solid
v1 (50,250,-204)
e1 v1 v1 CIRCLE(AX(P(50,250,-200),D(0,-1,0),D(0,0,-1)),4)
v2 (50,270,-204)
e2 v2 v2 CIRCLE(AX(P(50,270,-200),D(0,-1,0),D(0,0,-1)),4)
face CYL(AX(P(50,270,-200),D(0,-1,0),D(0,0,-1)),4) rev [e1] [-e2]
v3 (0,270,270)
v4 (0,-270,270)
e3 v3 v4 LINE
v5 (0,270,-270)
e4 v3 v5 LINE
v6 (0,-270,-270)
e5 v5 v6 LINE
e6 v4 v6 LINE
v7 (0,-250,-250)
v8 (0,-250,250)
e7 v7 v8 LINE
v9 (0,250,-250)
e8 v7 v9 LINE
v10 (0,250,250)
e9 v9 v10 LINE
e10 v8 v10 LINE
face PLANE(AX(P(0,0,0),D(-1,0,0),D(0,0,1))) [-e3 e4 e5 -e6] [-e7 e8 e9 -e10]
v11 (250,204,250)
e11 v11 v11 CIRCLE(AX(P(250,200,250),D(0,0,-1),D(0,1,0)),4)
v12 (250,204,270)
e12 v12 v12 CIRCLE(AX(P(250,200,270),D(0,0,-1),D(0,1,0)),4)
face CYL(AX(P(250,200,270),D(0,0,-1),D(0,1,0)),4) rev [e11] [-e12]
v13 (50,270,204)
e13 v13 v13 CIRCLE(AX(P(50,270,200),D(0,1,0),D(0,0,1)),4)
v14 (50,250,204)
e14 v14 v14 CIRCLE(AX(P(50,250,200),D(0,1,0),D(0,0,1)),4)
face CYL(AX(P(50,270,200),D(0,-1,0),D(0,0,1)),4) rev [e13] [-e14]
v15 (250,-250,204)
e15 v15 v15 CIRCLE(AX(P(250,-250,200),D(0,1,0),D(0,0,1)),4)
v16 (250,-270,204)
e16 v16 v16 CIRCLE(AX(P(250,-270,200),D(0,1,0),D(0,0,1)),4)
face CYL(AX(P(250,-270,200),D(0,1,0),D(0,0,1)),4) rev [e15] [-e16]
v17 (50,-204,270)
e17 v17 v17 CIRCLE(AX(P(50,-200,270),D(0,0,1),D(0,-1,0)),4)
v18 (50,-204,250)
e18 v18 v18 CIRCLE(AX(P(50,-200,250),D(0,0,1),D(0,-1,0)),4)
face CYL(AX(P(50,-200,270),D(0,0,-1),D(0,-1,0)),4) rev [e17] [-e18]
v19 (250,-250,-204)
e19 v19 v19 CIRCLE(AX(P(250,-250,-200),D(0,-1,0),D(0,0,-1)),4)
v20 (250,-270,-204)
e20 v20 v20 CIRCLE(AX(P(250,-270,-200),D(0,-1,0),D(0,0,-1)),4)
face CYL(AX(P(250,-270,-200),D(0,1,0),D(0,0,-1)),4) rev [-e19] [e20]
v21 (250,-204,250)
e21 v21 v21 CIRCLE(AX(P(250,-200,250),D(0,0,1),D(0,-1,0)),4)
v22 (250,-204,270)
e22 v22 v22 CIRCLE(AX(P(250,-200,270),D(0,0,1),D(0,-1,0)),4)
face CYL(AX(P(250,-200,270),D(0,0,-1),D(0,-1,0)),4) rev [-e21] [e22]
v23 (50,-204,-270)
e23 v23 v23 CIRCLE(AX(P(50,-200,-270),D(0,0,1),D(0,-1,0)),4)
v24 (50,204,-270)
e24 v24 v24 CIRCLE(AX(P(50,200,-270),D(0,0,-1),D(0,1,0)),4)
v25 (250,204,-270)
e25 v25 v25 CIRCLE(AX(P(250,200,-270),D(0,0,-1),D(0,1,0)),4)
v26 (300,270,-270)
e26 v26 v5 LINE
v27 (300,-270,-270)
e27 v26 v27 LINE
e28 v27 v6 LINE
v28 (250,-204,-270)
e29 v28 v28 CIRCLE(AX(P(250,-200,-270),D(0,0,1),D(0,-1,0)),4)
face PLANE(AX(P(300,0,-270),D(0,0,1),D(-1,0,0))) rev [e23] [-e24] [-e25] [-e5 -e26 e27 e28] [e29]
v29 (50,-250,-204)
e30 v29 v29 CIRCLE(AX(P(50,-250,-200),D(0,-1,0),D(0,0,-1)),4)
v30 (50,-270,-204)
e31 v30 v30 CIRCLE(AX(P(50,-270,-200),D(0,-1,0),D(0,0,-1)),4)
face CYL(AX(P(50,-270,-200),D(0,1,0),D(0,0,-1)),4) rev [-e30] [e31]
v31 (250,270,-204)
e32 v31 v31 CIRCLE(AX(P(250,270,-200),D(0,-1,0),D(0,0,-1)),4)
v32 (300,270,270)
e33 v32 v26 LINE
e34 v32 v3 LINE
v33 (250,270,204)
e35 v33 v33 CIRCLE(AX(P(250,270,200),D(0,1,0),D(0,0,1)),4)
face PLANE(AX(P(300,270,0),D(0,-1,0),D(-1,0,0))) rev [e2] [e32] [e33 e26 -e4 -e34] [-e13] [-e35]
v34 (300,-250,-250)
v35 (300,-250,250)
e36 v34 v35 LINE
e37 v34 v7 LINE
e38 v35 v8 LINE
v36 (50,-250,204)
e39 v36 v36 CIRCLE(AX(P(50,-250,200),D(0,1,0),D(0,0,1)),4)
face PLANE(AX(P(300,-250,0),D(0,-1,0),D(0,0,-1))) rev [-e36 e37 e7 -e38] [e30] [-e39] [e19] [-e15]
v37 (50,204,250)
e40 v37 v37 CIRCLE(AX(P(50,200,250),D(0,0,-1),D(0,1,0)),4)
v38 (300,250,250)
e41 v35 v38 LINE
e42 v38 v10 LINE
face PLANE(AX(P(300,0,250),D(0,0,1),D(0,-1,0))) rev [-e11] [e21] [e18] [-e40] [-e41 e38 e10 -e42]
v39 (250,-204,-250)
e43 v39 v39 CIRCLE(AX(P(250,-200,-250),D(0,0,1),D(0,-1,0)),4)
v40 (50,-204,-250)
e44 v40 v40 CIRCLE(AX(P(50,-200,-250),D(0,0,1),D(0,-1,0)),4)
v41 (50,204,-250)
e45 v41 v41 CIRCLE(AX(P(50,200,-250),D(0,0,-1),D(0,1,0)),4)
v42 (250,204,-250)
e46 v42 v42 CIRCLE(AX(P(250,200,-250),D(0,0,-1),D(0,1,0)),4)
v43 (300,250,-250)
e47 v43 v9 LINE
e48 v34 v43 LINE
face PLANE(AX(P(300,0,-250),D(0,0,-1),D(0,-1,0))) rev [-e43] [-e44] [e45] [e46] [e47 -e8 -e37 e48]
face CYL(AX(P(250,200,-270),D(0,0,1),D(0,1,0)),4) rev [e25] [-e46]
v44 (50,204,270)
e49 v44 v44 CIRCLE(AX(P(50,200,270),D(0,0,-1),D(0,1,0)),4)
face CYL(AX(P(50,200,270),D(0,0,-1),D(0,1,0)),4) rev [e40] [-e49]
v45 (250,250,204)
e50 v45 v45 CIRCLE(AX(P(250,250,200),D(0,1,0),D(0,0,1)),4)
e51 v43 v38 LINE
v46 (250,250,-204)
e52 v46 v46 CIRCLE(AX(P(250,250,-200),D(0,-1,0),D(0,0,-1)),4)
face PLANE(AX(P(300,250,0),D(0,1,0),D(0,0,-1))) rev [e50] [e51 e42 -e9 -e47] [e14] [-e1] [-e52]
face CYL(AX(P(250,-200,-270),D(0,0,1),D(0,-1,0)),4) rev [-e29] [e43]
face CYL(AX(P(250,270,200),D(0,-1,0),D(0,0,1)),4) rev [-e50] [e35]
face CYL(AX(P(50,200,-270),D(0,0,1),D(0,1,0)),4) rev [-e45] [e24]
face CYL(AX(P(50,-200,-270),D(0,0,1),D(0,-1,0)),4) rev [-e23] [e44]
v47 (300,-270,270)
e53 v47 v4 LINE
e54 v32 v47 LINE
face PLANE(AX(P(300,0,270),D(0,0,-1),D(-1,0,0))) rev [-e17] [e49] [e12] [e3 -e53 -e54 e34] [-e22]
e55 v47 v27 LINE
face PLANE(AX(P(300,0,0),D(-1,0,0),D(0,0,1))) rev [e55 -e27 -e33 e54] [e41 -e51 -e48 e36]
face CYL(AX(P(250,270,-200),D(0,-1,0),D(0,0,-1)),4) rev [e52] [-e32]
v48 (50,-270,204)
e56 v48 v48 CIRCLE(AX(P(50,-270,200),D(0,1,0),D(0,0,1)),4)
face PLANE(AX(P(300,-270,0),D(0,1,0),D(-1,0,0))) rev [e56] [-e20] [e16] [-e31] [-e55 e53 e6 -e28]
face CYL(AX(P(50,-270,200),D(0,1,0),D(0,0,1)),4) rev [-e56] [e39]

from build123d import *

# Parameters (mm, degrees)
EXTRUDE_1_DEPTH     = 300
SKETCH_2_R          = 4
CUT_EXTRUDE_1_DEPTH = 405.103947024


with BuildPart() as part:
    # 草图1 → 凸台-拉伸1 (new body)
    with BuildSketch(Plane(origin=(0, 0, 0), x_dir=(0, 0, -1), z_dir=(1, 0, 0))):
        Polygon((-250, 0), (-250, 250), (-270, 270), (-270, 0), align=None)
    extrude(amount=EXTRUDE_1_DEPTH)

    # 草图2 → 切除-拉伸1 (cut, through all)
    with BuildSketch(Plane(origin=(0, 0, 250), x_dir=(-1, 0, 0), z_dir=(0, 0, -1))):
        with Locations(Location((-250, 200, 0), (0, 0, 90))):
            Circle(SKETCH_2_R)
        with Locations(Location((-50, 200, 0), (0, 0, 90))):
            Circle(SKETCH_2_R)
    extrude(amount=-CUT_EXTRUDE_1_DEPTH, mode=Mode.SUBTRACT)

    # 镜向1: part across plane


with BuildPart() as part_1:
    add(part.part)
    add(part.part.mirror(Plane(origin=(300, 270, 270), x_dir=(0, 0.7071067811865485, 0.7071067811865466), z_dir=(0, -0.7071067811865466, 0.7071067811865485))))

    # 镜向2: part across plane


with BuildPart() as part_2:
    add(part_1.part)
    add(part_1.part.mirror(Plane(origin=(300, 250, 0), x_dir=(1, 0, 0), z_dir=(0, 0, 1))))

    # 镜向3: part across plane


with BuildPart() as part_3:
    add(part_2.part)
    add(part_2.part.mirror(Plane(origin=(300, 0, -250), x_dir=(0, 0, 1), z_dir=(0, 1, 0))))


solid = part_3.part
